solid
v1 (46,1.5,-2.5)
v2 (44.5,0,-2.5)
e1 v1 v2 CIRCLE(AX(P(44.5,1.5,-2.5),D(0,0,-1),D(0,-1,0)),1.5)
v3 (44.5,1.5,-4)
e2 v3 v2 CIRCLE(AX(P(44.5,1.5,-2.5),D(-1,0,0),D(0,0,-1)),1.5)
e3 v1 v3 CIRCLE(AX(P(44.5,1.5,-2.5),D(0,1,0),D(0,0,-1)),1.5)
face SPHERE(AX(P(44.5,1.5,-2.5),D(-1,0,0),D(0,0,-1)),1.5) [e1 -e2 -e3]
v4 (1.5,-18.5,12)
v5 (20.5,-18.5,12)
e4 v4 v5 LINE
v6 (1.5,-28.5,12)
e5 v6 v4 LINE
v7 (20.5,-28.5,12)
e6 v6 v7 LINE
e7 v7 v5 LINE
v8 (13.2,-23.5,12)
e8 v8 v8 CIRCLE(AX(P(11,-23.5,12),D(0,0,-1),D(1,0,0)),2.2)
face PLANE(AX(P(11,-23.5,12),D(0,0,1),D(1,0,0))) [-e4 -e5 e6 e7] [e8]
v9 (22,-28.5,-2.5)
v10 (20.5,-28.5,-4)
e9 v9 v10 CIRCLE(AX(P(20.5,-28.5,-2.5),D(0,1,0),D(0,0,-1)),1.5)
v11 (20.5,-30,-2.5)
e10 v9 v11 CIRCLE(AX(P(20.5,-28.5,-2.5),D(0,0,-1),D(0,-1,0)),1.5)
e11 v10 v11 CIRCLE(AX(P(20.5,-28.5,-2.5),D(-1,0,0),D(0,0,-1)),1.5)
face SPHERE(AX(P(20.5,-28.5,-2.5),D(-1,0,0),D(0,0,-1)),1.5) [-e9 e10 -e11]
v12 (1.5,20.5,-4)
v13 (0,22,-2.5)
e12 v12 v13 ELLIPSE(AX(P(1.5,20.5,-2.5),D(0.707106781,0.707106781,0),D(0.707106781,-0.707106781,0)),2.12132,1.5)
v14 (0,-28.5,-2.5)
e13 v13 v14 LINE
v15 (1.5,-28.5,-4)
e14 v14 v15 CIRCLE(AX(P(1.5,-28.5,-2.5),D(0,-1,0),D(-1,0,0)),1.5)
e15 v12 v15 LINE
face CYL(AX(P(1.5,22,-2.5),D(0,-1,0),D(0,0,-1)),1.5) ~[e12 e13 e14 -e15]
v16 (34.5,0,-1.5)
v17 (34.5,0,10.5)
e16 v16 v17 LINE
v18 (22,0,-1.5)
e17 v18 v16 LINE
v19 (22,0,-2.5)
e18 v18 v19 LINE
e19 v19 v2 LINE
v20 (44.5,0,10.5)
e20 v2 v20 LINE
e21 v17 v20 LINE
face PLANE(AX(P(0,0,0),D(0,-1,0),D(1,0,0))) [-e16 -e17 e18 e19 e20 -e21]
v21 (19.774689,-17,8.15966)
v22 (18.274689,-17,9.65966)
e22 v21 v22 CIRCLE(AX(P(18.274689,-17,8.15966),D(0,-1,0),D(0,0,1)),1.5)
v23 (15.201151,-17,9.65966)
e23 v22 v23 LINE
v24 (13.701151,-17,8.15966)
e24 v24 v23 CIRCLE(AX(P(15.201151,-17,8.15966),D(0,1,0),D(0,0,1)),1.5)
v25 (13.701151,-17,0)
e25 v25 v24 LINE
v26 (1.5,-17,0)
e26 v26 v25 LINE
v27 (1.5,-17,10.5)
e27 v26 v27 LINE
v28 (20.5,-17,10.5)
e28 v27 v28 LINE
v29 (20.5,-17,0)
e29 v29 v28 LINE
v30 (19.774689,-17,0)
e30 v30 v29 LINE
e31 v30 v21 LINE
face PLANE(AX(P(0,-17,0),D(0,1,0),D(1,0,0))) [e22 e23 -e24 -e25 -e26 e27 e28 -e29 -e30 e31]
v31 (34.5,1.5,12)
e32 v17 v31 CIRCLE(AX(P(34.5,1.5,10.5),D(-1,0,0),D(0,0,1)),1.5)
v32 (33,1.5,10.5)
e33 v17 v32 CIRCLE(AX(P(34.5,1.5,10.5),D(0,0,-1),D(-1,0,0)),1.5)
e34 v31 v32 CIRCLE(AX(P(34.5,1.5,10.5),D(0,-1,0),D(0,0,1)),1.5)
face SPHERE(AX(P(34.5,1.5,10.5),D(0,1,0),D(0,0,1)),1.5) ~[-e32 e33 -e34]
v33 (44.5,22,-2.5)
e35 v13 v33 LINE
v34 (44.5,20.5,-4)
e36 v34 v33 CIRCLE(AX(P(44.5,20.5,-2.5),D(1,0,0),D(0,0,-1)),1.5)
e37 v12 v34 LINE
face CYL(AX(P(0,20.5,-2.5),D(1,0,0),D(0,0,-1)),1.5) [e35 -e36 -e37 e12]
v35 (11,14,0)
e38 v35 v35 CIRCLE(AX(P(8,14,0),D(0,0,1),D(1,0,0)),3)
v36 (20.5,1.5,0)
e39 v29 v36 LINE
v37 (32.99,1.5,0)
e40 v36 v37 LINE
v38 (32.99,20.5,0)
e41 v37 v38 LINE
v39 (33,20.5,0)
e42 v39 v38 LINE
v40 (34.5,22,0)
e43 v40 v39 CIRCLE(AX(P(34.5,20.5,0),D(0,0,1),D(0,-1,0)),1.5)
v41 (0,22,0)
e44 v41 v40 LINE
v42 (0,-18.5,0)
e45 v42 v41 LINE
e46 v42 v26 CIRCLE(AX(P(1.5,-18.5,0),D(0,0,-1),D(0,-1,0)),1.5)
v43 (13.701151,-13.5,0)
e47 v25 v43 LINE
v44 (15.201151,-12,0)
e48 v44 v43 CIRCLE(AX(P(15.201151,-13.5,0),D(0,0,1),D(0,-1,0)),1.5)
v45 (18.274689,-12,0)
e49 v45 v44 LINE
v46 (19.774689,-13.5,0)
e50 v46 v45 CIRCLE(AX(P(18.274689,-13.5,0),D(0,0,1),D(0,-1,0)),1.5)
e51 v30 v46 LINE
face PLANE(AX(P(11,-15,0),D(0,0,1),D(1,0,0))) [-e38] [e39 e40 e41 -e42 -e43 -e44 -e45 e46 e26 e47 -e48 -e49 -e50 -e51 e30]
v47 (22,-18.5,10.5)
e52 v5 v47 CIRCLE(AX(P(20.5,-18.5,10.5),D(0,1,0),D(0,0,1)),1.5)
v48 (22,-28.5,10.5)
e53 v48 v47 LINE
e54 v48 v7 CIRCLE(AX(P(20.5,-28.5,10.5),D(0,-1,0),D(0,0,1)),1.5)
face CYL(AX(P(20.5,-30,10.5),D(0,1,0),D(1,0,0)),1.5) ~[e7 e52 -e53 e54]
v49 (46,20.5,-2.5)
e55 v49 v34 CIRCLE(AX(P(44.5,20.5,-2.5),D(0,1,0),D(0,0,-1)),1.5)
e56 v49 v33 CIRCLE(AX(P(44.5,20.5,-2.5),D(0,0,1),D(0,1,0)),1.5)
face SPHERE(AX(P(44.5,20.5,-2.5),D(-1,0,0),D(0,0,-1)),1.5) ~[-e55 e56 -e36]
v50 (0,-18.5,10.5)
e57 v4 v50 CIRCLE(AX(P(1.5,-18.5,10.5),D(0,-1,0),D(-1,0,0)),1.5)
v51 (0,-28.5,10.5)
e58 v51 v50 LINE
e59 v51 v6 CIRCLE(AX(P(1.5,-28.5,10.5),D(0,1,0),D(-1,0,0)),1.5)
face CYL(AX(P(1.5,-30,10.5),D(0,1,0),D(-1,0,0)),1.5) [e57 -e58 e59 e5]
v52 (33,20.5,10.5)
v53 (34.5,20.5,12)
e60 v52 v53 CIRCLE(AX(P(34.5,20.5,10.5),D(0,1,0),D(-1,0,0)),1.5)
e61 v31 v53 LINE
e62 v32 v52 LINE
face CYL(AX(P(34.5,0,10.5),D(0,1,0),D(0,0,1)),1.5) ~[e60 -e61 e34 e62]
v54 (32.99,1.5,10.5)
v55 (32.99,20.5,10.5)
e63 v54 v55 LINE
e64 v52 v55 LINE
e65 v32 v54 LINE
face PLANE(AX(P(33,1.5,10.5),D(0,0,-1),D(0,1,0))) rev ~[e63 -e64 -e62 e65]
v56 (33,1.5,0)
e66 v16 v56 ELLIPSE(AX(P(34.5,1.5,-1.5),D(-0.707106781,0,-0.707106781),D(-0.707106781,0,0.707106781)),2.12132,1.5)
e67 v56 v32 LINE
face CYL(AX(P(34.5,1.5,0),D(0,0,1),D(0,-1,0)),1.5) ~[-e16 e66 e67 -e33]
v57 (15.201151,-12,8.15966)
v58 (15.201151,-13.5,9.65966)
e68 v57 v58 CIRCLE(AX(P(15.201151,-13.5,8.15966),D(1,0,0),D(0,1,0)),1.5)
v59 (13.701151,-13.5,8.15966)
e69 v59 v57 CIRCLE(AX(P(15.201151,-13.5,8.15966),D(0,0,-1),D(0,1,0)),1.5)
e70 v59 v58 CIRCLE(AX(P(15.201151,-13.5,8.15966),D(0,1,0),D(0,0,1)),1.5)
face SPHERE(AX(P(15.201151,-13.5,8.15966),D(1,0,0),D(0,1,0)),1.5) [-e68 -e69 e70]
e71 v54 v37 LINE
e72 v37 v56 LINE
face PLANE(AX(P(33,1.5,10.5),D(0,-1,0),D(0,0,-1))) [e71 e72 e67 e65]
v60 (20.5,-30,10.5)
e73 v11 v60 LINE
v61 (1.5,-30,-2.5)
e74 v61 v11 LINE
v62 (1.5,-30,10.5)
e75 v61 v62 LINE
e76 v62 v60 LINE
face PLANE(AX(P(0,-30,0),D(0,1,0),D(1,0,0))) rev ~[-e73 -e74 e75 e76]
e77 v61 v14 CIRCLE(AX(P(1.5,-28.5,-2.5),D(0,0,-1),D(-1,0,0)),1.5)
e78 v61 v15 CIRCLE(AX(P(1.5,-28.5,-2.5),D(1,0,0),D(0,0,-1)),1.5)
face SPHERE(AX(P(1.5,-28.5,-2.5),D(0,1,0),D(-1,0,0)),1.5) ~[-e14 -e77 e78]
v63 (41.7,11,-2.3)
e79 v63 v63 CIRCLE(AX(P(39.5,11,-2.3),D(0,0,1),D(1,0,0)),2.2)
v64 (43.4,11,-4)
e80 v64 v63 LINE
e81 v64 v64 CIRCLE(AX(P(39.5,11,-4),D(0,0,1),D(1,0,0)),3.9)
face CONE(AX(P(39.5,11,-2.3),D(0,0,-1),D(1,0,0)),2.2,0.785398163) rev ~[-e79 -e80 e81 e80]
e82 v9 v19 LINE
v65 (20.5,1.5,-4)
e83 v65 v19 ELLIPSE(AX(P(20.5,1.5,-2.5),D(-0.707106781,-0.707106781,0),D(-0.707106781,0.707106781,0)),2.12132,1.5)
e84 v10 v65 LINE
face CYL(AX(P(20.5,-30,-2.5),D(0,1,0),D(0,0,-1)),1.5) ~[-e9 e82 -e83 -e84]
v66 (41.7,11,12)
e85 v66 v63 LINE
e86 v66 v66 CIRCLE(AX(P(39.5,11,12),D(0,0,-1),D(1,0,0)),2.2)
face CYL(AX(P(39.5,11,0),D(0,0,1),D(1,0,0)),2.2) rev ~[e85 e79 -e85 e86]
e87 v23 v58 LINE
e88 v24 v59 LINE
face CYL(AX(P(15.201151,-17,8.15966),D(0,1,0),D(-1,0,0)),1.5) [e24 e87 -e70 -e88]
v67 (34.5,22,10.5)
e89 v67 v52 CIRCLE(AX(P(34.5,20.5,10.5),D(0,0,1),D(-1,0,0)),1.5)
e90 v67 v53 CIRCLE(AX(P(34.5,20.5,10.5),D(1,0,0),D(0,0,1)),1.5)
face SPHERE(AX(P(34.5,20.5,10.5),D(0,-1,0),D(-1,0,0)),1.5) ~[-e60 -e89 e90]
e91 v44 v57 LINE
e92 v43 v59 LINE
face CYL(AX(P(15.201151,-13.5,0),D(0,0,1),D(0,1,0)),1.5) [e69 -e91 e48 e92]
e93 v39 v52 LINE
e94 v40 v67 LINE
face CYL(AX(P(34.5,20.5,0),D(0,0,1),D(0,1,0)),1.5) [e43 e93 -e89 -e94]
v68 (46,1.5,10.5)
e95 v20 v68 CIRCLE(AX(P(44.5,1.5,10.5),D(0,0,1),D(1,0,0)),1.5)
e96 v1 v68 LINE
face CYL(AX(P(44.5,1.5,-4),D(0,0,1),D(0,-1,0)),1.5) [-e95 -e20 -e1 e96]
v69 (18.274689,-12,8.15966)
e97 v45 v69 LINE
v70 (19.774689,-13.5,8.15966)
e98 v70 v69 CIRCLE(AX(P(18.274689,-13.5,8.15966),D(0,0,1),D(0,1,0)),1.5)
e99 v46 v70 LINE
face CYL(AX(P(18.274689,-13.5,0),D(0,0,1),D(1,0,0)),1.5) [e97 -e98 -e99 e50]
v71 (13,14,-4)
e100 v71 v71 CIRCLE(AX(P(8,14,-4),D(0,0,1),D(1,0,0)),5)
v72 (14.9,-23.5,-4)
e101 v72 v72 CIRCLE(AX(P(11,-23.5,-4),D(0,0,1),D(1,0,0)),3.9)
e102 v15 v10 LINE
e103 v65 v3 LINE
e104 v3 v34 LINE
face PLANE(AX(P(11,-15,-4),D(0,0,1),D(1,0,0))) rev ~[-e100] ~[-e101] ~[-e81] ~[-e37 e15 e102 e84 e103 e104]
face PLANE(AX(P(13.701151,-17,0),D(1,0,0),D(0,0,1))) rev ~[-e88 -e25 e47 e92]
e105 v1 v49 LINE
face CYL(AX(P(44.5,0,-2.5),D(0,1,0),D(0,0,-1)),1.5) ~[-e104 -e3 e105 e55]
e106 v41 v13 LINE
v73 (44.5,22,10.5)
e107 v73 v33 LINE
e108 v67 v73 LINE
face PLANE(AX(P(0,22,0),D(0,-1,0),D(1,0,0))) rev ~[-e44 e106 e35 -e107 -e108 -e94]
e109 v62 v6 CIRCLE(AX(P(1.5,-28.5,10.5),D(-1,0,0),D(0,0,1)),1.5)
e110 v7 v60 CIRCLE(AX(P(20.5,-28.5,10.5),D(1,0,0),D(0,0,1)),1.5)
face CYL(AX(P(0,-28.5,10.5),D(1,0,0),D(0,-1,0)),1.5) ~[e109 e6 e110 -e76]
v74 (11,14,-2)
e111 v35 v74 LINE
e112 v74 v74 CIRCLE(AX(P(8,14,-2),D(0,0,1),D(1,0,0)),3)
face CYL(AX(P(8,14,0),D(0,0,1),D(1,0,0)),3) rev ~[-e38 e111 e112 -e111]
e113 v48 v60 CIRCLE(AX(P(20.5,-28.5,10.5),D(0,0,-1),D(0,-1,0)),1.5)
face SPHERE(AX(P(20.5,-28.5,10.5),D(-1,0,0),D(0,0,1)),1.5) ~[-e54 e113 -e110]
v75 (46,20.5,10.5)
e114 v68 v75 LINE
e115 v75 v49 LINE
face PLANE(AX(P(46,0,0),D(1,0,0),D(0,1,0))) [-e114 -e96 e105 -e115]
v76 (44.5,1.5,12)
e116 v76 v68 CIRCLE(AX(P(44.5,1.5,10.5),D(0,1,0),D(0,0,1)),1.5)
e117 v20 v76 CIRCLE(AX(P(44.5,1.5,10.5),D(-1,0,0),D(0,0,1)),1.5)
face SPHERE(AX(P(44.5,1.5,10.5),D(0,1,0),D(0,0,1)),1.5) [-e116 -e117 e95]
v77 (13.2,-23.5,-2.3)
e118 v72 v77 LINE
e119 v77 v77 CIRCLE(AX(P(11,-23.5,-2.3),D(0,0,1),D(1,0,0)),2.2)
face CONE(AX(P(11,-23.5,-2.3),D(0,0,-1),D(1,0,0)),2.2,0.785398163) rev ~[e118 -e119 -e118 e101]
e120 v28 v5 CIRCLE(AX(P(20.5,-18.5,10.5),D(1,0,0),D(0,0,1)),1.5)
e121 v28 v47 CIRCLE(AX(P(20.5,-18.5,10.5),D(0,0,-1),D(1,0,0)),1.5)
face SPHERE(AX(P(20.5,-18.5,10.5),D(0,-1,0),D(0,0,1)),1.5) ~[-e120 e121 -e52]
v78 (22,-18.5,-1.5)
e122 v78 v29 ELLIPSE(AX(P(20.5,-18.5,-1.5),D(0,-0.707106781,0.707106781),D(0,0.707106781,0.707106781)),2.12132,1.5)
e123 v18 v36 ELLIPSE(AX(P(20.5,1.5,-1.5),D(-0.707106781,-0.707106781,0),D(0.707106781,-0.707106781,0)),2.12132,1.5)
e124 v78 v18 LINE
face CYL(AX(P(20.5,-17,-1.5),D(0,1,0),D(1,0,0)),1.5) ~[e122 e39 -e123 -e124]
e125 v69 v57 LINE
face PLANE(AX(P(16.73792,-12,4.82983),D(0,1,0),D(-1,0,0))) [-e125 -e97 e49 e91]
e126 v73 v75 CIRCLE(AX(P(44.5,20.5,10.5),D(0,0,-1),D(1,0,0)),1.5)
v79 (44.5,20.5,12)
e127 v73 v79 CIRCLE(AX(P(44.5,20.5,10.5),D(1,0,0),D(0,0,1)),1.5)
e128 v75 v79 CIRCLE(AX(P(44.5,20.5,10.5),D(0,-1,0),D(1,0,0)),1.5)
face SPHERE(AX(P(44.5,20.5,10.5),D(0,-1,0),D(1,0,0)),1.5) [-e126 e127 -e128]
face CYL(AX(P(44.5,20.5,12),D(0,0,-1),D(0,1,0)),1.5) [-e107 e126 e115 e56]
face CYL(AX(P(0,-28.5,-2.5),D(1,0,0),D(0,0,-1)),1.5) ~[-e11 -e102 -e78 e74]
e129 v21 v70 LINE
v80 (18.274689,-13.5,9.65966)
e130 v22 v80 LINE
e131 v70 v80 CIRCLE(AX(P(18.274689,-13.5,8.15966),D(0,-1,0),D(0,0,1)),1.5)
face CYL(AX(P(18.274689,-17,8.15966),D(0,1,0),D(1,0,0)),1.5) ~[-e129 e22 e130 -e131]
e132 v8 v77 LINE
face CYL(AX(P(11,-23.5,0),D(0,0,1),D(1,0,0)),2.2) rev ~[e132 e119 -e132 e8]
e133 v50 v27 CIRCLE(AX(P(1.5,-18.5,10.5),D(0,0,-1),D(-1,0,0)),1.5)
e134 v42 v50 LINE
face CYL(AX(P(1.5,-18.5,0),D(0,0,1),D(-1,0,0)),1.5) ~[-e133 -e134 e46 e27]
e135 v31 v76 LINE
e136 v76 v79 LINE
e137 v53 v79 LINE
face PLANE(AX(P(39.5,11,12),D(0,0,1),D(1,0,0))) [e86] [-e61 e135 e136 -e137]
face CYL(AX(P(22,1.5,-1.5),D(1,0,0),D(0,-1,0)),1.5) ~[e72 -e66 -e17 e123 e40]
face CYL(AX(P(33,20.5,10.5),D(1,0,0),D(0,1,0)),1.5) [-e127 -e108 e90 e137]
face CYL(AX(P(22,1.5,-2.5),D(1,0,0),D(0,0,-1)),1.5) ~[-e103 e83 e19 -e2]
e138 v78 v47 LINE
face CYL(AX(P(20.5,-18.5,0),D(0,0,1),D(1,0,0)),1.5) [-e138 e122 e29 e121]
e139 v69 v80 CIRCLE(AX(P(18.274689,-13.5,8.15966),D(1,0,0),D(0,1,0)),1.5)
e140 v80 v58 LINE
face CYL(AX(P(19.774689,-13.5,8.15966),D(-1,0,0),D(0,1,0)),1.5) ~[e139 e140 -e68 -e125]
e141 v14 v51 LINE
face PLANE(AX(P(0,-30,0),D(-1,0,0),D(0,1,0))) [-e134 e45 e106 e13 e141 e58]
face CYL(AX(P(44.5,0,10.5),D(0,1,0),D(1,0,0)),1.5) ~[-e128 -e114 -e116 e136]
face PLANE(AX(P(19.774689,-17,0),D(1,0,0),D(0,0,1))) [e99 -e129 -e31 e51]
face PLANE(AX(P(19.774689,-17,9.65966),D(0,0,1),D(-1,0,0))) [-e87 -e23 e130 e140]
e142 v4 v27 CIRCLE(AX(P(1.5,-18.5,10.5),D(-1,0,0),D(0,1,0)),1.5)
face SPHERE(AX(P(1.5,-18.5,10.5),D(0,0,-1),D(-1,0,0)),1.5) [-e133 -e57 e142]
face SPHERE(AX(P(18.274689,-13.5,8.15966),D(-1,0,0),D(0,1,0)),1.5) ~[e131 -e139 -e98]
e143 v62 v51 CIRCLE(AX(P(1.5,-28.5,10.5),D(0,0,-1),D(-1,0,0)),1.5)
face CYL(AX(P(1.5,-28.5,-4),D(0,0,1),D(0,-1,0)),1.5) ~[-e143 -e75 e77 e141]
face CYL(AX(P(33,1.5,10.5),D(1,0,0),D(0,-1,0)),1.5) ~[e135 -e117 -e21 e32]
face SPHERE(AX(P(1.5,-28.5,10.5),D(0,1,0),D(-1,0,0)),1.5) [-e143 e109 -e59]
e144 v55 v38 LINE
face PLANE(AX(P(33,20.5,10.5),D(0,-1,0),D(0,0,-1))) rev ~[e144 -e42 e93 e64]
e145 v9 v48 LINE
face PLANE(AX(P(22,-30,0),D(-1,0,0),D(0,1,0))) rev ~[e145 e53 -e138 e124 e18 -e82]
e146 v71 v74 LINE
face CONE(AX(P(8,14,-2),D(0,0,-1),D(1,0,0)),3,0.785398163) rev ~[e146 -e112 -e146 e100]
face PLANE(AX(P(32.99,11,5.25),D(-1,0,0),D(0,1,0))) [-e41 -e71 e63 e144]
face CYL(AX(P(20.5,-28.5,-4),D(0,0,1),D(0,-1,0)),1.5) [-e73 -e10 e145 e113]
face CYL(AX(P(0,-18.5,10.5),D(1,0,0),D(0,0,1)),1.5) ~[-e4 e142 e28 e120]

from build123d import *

# Parameters (mm, degrees)
RECTANGLE001_W       = 13
RECTANGLE001_H       = 22
PAD_DEPTH            = 12
RECTANGLE_FACE1_W    = 46
RECTANGLE_FACE1_H    = 22
PAD001_DEPTH         = 4
RECTANGLE002_FACE1_W = 22
RECTANGLE002_FACE1_H = 30
PAD002_DEPTH         = 4
RECTANGLE003_FACE1_W = 22
RECTANGLE003_FACE1_H = 13
PAD003_DEPTH         = 12
CIRCLE_R             = 3
POCKET_DEPTH         = 6
CIRCLE001_R          = 2.2
POCKET001_DEPTH      = 5
CIRCLE002_R          = 2.2
POCKET002_DEPTH      = 5
POCKET003_DEPTH      = 22
POCKET004_DEPTH      = 22
CHAMFER_SIZE         = 2
CHAMFER001_SIZE      = 1.7
FILLET_R             = 1.5
FILLET_FACE44_W      = 19
FILLET_FACE44_H      = 10.5
PAD004_DEPTH         = 0.01
SKETCH_W             = 6.073538
SKETCH_H             = 9.65966
PAD005_DEPTH         = 5
FILLET002_R          = 1.5


with BuildPart() as part:
    # Rectangle001 → Pad (new body)
    with BuildSketch(Plane(origin=(33, 0, 0), x_dir=(1, 0, 0), z_dir=(0, 0, 1))):
        with Locations((6.5, 11)):
            Rectangle(RECTANGLE001_W, RECTANGLE001_H)
    extrude(amount=PAD_DEPTH)

    # Rectangle Face1 → Pad001 (add)
    with BuildSketch(Plane.XY):
        with Locations((23, 11)):
            Rectangle(RECTANGLE_FACE1_W, RECTANGLE_FACE1_H)
    extrude(amount=-PAD001_DEPTH)

    # Rectangle002 Face1 → Pad002 (add)
    with BuildSketch(Plane(origin=(0, -30, 0), x_dir=(1, 0, 0), z_dir=(0, 0, 1))):
        with Locations((11, 15)):
            Rectangle(RECTANGLE002_FACE1_W, RECTANGLE002_FACE1_H)
    extrude(amount=-PAD002_DEPTH)

    # Rectangle003 Face1 → Pad003 (add)
    with BuildSketch(Plane(origin=(0, -30, 0), x_dir=(1, 0, 0), z_dir=(0, 0, 1))):
        with Locations((11, 6.5)):
            Rectangle(RECTANGLE003_FACE1_W, RECTANGLE003_FACE1_H)
    extrude(amount=PAD003_DEPTH)

    # Circle → Pocket (cut)
    with BuildSketch(Plane(origin=(8, 14, 0), x_dir=(1, 0, 0), z_dir=(0, 0, 1))):
        Circle(CIRCLE_R)
    extrude(amount=-POCKET_DEPTH, mode=Mode.SUBTRACT)

    # Circle001 → Pocket001 (cut)
    with BuildSketch(Plane(origin=(39.5, 11, 0), x_dir=(1, 0, 0), z_dir=(0, 0, 1))):
        Circle(CIRCLE001_R)
    extrude(amount=-POCKET001_DEPTH, mode=Mode.SUBTRACT)

    # Circle002 → Pocket002 (cut)
    with BuildSketch(Plane(origin=(11, -23.5, 0), x_dir=(1, 0, 0), z_dir=(0, 0, 1))):
        Circle(CIRCLE002_R)
    extrude(amount=-POCKET002_DEPTH, mode=Mode.SUBTRACT)

    # Circle002 → Pocket003 (cut)
    with BuildSketch(Plane(origin=(11, -23.5, 0), x_dir=(1, 0, 0), z_dir=(0, 0, 1))):
        Circle(CIRCLE002_R)
    extrude(amount=POCKET003_DEPTH, mode=Mode.SUBTRACT)

    # Circle001 → Pocket004 (cut)
    with BuildSketch(Plane(origin=(39.5, 11, 0), x_dir=(1, 0, 0), z_dir=(0, 0, 1))):
        Circle(CIRCLE001_R)
    extrude(amount=POCKET004_DEPTH, mode=Mode.SUBTRACT)

    # Chamfer
    chamfer_edges = [part.edges().sort_by_distance(p)[0] for p in [
        (5, 14, -4),
    ]]
    chamfer(chamfer_edges, length=CHAMFER_SIZE)

    # Chamfer001
    chamfer001_edges = [part.edges().sort_by_distance(p)[0] for p in [
        (8.8, -23.5, -4),
        (37.3, 11, -4),
    ]]
    chamfer(chamfer001_edges, length=CHAMFER001_SIZE)

    # Fillet
    fillet_edges = [part.edges().sort_by_distance(p)[0] for p in [
        (23, 22, -4),
        (0, -4, -4),
        (0, -17, 6),
        (0, -23.5, 12),
        (0, -30, 4),
        (11, -30, -4),
        (22, -15, -4),
        (34, 0, -4),
        (46, 11, -4),
        (11, -30, 12),
        (22, -23.5, 12),
        (22, -30, 4),
        (11, -17, 12),
        (22, -17, 6),
        (46, 11, 12),
        (33, 11, 12),
        (39.5, 0, 12),
        (46, 0, 4),
        (46, 22, 4),
        (33, 0, 6),
        (33, 22, 6),
        (39.5, 22, 12),
        (27.5, 0, 0),
        (22, -8.5, 0),
    ]]
    fillet(fillet_edges, radius=FILLET_R)

    # Fillet Face44 → Pad004 (add)
    with BuildSketch(Plane(origin=(33, 11, 5.25), x_dir=(0, 1, 0), z_dir=(-1, 0, 0))):
        Rectangle(FILLET_FACE44_W, FILLET_FACE44_H)
    extrude(amount=PAD004_DEPTH)

    # Sketch → Pad005 (join)
    with BuildSketch(Plane(origin=(33, -17, 0), x_dir=(-1, 0, 0), z_dir=(0, 1, 0))):
        with Locations((16.26208, 4.82983)):
            Rectangle(SKETCH_W, SKETCH_H)
    extrude(amount=PAD005_DEPTH)

    # Fillet002
    fillet002_edges = [part.edges().sort_by_distance(p)[0] for p in [
        (16.73792, -12, 9.65966),
        (19.774689, -12, 4.82983),
        (13.701151, -12, 4.82983),
        (13.701151, -14.5, 9.65966),
        (19.774689, -14.5, 9.65966),
    ]]
    fillet(fillet002_edges, radius=FILLET002_R)


solid = part.part
